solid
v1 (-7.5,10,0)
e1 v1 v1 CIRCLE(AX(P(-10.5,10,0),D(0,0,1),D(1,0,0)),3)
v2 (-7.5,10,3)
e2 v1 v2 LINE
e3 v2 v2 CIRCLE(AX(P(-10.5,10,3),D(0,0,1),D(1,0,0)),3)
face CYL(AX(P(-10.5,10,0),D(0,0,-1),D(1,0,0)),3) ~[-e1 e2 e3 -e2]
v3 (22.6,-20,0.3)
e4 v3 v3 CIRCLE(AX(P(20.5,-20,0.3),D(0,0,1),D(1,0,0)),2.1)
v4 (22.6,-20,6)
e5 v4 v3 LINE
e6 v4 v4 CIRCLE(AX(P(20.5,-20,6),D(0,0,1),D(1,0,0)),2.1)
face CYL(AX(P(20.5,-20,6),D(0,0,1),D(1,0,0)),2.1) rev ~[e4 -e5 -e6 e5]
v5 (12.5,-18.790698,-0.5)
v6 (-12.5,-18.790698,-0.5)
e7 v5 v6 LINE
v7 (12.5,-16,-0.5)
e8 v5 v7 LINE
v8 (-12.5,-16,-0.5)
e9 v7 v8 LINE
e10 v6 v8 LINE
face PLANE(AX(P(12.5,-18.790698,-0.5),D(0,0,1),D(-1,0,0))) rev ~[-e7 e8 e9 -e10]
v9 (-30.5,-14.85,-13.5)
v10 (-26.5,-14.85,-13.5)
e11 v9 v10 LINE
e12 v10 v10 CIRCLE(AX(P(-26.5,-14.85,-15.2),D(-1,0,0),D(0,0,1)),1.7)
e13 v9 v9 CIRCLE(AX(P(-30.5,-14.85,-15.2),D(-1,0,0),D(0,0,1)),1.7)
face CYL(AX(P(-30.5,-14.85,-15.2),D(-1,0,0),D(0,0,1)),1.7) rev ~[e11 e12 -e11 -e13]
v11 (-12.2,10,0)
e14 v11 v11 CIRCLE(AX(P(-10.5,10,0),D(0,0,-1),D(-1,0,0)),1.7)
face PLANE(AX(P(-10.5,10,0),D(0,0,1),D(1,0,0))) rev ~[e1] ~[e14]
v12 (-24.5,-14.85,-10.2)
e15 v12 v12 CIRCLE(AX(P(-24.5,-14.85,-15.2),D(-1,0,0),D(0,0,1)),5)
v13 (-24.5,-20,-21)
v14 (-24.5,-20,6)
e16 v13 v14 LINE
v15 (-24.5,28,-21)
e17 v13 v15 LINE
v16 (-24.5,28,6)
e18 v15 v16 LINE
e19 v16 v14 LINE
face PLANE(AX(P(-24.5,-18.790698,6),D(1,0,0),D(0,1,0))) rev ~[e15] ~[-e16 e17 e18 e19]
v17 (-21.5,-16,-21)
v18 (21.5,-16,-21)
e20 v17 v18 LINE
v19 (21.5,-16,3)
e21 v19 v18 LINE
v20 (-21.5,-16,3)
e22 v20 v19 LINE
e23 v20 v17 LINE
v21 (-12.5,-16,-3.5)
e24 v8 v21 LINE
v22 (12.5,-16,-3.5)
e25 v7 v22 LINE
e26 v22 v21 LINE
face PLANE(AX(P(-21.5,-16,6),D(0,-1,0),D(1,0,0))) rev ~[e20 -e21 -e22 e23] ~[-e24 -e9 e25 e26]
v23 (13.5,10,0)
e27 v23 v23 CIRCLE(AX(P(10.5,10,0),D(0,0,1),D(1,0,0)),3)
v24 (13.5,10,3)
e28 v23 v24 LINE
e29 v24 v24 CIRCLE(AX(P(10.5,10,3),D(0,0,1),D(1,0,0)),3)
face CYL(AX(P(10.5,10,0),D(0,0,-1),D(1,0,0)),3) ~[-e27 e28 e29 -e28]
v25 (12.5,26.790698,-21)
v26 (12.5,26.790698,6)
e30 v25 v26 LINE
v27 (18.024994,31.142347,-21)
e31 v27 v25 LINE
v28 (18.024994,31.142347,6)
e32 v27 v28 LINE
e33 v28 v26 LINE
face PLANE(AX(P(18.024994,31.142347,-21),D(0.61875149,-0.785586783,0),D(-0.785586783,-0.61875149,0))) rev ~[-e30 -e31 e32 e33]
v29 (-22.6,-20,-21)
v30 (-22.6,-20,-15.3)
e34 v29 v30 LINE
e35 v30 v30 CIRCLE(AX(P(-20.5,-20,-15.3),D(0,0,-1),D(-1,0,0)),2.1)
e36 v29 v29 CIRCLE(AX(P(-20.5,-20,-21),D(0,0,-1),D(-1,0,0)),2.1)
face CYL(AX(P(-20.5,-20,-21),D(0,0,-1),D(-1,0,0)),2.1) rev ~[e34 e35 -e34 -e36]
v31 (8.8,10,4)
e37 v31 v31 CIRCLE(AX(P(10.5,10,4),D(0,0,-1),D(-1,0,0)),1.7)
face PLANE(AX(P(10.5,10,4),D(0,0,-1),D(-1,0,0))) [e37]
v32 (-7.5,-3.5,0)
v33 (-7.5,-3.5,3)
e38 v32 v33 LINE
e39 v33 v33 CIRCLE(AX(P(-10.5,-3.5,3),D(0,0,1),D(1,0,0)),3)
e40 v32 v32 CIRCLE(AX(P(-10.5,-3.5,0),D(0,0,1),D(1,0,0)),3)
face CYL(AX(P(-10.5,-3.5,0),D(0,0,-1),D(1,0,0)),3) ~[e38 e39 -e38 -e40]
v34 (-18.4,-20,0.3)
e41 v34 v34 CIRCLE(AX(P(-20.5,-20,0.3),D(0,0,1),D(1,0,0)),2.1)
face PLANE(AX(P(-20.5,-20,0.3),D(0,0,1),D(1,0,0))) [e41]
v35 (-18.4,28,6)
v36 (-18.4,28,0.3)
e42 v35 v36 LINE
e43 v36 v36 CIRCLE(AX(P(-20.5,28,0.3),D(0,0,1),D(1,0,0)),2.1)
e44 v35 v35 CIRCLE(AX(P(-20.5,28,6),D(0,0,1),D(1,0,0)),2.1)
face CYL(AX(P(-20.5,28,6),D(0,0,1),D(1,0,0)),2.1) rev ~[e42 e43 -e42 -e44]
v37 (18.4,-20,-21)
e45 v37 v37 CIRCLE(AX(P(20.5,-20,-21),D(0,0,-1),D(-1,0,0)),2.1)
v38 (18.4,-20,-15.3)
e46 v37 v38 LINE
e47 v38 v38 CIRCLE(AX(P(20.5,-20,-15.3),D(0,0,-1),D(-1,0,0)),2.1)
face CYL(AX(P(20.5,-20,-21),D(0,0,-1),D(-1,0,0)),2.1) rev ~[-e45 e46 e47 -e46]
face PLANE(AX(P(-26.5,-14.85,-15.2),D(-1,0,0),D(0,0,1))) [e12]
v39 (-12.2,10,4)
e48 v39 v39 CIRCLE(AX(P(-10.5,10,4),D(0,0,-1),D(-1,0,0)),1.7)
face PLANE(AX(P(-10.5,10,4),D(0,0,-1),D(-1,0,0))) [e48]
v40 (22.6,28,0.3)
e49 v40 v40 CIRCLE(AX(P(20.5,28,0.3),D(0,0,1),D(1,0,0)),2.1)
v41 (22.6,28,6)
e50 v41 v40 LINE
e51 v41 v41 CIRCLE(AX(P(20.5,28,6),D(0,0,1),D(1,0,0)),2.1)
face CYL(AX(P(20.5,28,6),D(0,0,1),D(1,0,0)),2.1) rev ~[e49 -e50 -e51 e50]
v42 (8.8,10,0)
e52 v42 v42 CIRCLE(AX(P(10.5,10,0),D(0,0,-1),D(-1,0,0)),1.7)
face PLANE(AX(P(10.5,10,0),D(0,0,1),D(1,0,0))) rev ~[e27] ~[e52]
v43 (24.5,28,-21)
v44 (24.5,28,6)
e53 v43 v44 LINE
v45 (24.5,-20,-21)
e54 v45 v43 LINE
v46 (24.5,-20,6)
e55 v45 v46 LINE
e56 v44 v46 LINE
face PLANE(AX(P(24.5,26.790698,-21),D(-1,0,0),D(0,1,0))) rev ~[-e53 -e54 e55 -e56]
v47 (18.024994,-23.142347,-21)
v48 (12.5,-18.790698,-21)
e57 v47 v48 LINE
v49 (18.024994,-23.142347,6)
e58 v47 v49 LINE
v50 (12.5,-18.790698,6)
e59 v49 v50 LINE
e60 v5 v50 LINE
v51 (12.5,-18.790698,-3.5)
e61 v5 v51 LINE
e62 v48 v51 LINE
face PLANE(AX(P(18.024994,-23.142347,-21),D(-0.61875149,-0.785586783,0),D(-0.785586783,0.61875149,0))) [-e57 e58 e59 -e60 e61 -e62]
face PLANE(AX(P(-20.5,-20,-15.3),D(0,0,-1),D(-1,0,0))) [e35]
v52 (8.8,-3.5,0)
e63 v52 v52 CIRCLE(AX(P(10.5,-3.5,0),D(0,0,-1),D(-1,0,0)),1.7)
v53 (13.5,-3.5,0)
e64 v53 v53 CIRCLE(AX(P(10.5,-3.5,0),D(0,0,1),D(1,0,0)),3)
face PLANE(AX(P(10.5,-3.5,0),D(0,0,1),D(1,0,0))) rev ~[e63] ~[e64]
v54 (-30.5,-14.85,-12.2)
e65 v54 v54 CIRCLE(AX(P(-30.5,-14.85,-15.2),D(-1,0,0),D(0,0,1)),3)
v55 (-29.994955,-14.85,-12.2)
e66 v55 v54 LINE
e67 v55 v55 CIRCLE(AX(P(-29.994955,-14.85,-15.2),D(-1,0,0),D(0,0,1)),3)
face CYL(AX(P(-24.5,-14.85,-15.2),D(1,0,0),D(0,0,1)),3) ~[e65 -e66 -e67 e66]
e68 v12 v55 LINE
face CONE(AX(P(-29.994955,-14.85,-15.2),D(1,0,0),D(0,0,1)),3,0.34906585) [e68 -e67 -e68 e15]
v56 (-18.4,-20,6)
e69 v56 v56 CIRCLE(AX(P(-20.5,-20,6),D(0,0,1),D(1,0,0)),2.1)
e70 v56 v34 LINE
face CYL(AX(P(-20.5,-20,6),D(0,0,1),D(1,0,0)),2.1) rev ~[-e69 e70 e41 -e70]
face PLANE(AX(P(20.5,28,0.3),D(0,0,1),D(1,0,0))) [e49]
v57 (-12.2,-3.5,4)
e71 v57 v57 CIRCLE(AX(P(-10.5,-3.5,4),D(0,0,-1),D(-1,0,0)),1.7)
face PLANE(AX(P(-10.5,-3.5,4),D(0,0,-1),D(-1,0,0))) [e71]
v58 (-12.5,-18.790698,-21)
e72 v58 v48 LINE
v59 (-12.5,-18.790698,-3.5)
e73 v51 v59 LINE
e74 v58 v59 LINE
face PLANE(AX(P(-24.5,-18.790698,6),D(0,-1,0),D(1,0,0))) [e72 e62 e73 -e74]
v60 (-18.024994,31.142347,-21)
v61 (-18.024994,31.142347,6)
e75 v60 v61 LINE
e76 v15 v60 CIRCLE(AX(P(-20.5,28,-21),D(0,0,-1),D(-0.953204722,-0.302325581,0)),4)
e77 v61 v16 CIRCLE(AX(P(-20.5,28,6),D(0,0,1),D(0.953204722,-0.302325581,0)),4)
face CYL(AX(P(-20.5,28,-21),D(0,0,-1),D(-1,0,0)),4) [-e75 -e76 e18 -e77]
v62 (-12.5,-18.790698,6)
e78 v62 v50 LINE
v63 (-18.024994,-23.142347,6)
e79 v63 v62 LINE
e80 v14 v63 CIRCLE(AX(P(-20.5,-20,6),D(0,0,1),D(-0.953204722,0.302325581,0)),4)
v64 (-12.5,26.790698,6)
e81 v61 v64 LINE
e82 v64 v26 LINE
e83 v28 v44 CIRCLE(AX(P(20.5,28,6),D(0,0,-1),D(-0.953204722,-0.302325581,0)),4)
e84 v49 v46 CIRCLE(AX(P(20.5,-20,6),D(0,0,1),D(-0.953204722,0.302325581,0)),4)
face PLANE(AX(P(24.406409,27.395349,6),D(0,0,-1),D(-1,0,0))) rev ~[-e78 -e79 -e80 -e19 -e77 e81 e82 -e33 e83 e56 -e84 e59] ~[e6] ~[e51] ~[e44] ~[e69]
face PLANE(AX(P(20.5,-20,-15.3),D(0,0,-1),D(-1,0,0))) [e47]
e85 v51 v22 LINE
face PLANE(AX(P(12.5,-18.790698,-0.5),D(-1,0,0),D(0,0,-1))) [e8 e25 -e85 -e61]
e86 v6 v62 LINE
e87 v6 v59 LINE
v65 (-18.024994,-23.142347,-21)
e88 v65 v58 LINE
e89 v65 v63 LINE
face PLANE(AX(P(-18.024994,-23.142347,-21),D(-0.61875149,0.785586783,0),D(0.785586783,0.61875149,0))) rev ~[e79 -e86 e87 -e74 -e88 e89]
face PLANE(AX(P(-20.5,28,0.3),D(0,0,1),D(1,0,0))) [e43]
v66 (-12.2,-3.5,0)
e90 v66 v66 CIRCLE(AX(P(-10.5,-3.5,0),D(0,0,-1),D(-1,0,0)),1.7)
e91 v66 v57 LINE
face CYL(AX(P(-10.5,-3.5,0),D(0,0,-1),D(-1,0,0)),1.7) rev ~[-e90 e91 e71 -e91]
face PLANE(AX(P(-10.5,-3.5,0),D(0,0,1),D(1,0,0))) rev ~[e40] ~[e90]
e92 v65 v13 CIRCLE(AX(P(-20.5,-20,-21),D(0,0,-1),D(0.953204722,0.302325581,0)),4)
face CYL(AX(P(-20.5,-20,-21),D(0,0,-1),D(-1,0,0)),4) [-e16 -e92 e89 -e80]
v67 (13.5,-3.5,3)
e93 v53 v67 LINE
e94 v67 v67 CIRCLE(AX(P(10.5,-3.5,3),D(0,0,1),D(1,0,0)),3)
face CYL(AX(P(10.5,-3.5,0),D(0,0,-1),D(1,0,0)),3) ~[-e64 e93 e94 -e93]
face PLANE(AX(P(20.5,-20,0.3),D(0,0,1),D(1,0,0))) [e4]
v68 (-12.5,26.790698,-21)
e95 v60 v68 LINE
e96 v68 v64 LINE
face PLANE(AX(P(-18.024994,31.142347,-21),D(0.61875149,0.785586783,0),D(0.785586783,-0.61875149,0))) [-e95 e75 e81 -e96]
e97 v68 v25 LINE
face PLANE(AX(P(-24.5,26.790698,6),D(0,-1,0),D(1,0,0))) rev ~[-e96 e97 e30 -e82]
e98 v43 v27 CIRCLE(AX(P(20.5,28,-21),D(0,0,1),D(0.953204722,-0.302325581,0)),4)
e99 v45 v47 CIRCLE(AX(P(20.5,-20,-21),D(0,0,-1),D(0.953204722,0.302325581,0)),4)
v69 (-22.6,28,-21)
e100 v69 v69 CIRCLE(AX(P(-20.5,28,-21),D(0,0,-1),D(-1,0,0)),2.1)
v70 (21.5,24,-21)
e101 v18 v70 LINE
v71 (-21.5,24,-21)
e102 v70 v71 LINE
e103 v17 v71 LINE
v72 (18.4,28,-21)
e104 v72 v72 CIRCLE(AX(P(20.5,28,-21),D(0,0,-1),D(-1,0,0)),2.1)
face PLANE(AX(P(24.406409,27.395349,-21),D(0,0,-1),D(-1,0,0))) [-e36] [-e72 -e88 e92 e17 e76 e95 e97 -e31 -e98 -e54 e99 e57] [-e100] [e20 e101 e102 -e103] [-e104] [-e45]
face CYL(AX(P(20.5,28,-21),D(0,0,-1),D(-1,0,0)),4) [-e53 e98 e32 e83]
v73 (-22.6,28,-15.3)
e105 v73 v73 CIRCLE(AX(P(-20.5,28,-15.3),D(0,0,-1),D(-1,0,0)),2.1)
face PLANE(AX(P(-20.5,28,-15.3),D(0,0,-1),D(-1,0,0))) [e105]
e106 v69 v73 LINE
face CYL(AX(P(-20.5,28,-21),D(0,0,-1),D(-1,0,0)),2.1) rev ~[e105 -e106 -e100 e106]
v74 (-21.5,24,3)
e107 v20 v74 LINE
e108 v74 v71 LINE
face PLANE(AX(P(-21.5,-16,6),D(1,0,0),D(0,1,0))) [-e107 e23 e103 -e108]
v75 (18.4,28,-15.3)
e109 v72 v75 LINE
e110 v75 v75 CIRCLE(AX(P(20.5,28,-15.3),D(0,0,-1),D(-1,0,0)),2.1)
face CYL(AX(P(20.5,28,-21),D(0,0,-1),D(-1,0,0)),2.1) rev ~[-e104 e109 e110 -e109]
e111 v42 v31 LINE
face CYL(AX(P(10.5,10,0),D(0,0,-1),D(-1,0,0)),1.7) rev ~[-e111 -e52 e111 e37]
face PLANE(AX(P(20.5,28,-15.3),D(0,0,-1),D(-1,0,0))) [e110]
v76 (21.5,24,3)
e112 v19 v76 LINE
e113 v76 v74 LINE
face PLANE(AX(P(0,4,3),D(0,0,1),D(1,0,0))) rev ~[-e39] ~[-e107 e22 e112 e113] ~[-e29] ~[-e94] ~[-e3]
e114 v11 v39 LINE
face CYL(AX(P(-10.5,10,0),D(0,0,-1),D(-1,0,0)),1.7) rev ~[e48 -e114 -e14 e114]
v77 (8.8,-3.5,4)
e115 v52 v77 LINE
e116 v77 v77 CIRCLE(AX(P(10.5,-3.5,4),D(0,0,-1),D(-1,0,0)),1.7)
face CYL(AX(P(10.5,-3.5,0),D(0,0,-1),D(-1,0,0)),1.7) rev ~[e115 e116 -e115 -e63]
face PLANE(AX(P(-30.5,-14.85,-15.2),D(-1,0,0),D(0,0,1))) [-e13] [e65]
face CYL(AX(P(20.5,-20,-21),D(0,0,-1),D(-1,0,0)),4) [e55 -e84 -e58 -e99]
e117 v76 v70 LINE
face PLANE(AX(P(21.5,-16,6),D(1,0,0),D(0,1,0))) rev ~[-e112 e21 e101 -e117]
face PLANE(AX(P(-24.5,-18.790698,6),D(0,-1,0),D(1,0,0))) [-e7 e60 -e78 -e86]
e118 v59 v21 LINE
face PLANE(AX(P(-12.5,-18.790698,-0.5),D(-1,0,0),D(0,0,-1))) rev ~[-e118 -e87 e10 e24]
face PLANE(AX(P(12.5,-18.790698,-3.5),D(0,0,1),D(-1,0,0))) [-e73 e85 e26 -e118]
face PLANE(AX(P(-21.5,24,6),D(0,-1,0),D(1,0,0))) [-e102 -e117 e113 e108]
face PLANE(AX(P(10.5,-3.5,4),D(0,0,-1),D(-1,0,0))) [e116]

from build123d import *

# Parameters (mm, degrees)
SKIZZE1_R                        = 3
AUFSATZ_KAMERA_HALTERUNG_DEPTH   = 3
AUFSATZ_KAMERA_HALTERUNG_2_DEPTH = 3
AUFSATZ_KAMERA_HALTERUNG_3_DEPTH = 3
AUFSATZ_KAMERA_HALTERUNG_4_DEPTH = 3
SKIZZE2_W                        = 43
SKIZZE2_H                        = 40
DECKEL_DEPTH                     = 3
SKIZZE3_R                        = 1.7
L_CHER_KAMERA_HALTERUNG_DEPTH    = 4
SKIZZE4_W                        = 49
SKIZZE4_H                        = 45.581395348
SKIZZE4_W_2                      = 43
SKIZZE4_H_2                      = 40
AUFSATZ_LINEAR_AUSTRAGEN1_DEPTH  = 27
SKIZZE6_W                        = 25
SKIZZE6_H                        = 3
SCHNITT_LINEAR_AUSTRAGEN1_DEPTH  = 2.790698
SKIZZE7_R                        = 4
AUFSATZ_LINEAR_AUSTRAGEN2_DEPTH  = 27
SKIZZE8_R                        = 2.1
SCHNITT_LINEAR_AUSTRAGEN2_DEPTH  = 5.7
SKIZZE9_W                        = 0.18718111
SKIZZE9_H                        = 1.209302326
AUFSATZ_LINEAR_AUSTRAGEN3_DEPTH  = 27
SKIZZE10_R                       = 2.1
SCHNITT_LINEAR_AUSTRAGEN3_DEPTH  = 5.7
SKIZZE11_R                       = 3
AUFSATZ_LINEAR_AUSTRAGEN4_DEPTH  = 6
SKIZZE12_R                       = 1.7
SCHNITT_LINEAR_AUSTRAGEN4_DEPTH  = 4
FASE1_SIZE                       = 2
FASE1_SIZE2                      = 5.494954839


with BuildPart() as part:
    # Skizze1 → Aufsatz Kamera Halterung (new body)
    with BuildSketch(Plane.XY):
        with Locations((10.5, -3.5)):
            Circle(SKIZZE1_R)
    extrude(amount=AUFSATZ_KAMERA_HALTERUNG_DEPTH)



with BuildPart() as body_2:
    # Skizze1 → Aufsatz Kamera Halterung 2 (new body)
    with BuildSketch(Plane.XY):
        with Locations((10.5, 10)):
            Circle(SKIZZE1_R)
    extrude(amount=AUFSATZ_KAMERA_HALTERUNG_2_DEPTH)


with BuildPart() as body_3:
    # Skizze1 → Aufsatz Kamera Halterung 3 (new body)
    with BuildSketch(Plane.XY):
        with Locations((-10.5, 10)):
            Circle(SKIZZE1_R)
    extrude(amount=AUFSATZ_KAMERA_HALTERUNG_3_DEPTH)


with BuildPart() as body_4:
    # Skizze1 → Aufsatz Kamera Halterung 4 (new body)
    with BuildSketch(Plane.XY):
        with Locations((-10.5, -3.5)):
            Circle(SKIZZE1_R)
    extrude(amount=AUFSATZ_KAMERA_HALTERUNG_4_DEPTH)


with BuildPart() as part_1:
    add(part.part)

    add(body_2.part)  # Deckel merges body 2

    add(body_3.part)  # Deckel merges body 3

    add(body_4.part)  # Deckel merges body 4
    # Skizze2 → Deckel (add)
    with BuildSketch(Plane.XY.offset(3)):
        with Locations((0, 4)):
            Rectangle(SKIZZE2_W, SKIZZE2_H)
    extrude(amount=DECKEL_DEPTH)

    # Skizze3 → Löcher Kamera Halterung (cut)
    with BuildSketch(Plane(origin=(0, 0, 0), x_dir=(-1, 0, 0), z_dir=(0, 0, -1))):
        with Locations((10.5, 10)):
            Circle(SKIZZE3_R)
        with Locations((10.5, -3.5)):
            Circle(SKIZZE3_R)
        with Locations((-10.5, -3.5)):
            Circle(SKIZZE3_R)
        with Locations((-10.5, 10)):
            Circle(SKIZZE3_R)
    extrude(amount=-L_CHER_KAMERA_HALTERUNG_DEPTH, mode=Mode.SUBTRACT)

    # Skizze4 → Aufsatz-Linear austragen1 (add)
    with BuildSketch(Plane.XY.offset(6)):
        with Locations((0, 4)):
            Rectangle(SKIZZE4_W, SKIZZE4_H)
        with Locations((0, 4)):
            Rectangle(SKIZZE4_W_2, SKIZZE4_H_2, mode=Mode.SUBTRACT)
    extrude(amount=-AUFSATZ_LINEAR_AUSTRAGEN1_DEPTH)

    # Skizze6 → Schnitt-Linear austragen1 (cut)
    with BuildSketch(Plane(origin=(0, -18.790697674, 0), x_dir=(-1, 0, 0), z_dir=(0, -1, 0))):
        with Locations((0, 2)):
            Rectangle(SKIZZE6_W, SKIZZE6_H)
    extrude(amount=-SCHNITT_LINEAR_AUSTRAGEN1_DEPTH, mode=Mode.SUBTRACT)

    # Skizze7 → Aufsatz-Linear austragen2 (add, through all)
    with BuildSketch(Plane(origin=(0, 0, -21), x_dir=(-1, 0, 0), z_dir=(0, 0, -1))):
        with Locations((-20.5, 28)):
            Circle(SKIZZE7_R)
        with Locations((20.5, 28)):
            Circle(SKIZZE7_R)
        with Locations((20.5, -20)):
            Circle(SKIZZE7_R)
        with Locations((-20.5, -20)):
            Circle(SKIZZE7_R)
    extrude(amount=-AUFSATZ_LINEAR_AUSTRAGEN2_DEPTH)

    # Skizze8 → Schnitt-Linear austragen2 (cut)
    with BuildSketch(Plane(origin=(0, 0, -21), x_dir=(-1, 0, 0), z_dir=(0, 0, -1))):
        with Locations((-20.5, 28)):
            Circle(SKIZZE8_R)
        with Locations((20.5, 28)):
            Circle(SKIZZE8_R)
        with Locations((20.5, -20)):
            Circle(SKIZZE8_R)
        with Locations((-20.5, -20)):
            Circle(SKIZZE8_R)
    extrude(amount=-SCHNITT_LINEAR_AUSTRAGEN2_DEPTH, mode=Mode.SUBTRACT)

    # Skizze9 → Aufsatz-Linear austragen3 (add, through all)
    with BuildSketch(Plane(origin=(0, 0, -21), x_dir=(-1, 0, 0), z_dir=(0, 0, -1))):
        with Locations((-24.406409445, 27.395348837)):
            Rectangle(SKIZZE9_W, SKIZZE9_H)
        with Locations((24.406409445, 27.395348837)):
            Rectangle(SKIZZE9_W, SKIZZE9_H)
        with Locations((24.406409445, -19.395348837)):
            Rectangle(SKIZZE9_W, SKIZZE9_H)
        with Locations((-24.406409445, -19.395348837)):
            Rectangle(SKIZZE9_W, SKIZZE9_H)
        with BuildLine():
            Line((-18.024994038, 31.142347131), (-12.5, 26.790697674))
            Line((-12.5, 26.790697674), (-16.68718111, 26.790697674))
            ThreePointArc((-16.68718111, 26.790697674), (-16.676598558, 29.175415421), (-18.024994038, 31.142347131))
        make_face()
        with BuildLine():
            Line((12.5, 26.790697674), (16.68718111, 26.790697674))
            ThreePointArc((16.68718111, 26.790697674), (16.676598558, 29.175415421), (18.024994038, 31.142347131))
            Line((18.024994038, 31.142347131), (12.5, 26.790697674))
        make_face()
        with BuildLine():
            Line((18.024994038, -23.142347131), (12.5, -18.790697674))
            Line((12.5, -18.790697674), (16.68718111, -18.790697674))
            ThreePointArc((16.68718111, -18.790697674), (16.676598558, -21.175415421), (18.024994038, -23.142347131))
        make_face()
        with BuildLine():
            Line((-12.5, -18.790697674), (-16.68718111, -18.790697674))
            ThreePointArc((-16.68718111, -18.790697674), (-16.676598558, -21.175415421), (-18.024994038, -23.142347131))
            Line((-18.024994038, -23.142347131), (-12.5, -18.790697674))
        make_face()
    extrude(amount=-AUFSATZ_LINEAR_AUSTRAGEN3_DEPTH)

    # Skizze10 → Schnitt-Linear austragen3 (cut)
    with BuildSketch(Plane.XY.offset(6)):
        with Locations((-20.5, 28)):
            Circle(SKIZZE10_R)
        with Locations((20.5, 28)):
            Circle(SKIZZE10_R)
        with Locations((20.5, -20)):
            Circle(SKIZZE10_R)
        with Locations((-20.5, -20)):
            Circle(SKIZZE10_R)
    extrude(amount=-SCHNITT_LINEAR_AUSTRAGEN3_DEPTH, mode=Mode.SUBTRACT)

    # Skizze11 → Aufsatz-Linear austragen4 (add)
    with BuildSketch(Plane.ZY.offset(24.5)):
        with Locations((-15.2, -14.85)):
            Circle(SKIZZE11_R)
    extrude(amount=AUFSATZ_LINEAR_AUSTRAGEN4_DEPTH)

    # Skizze12 → Schnitt-Linear austragen4 (cut)
    with BuildSketch(Plane.ZY.offset(30.5)):
        with Locations((-15.2, -14.85)):
            Circle(SKIZZE12_R)
    extrude(amount=-SCHNITT_LINEAR_AUSTRAGEN4_DEPTH, mode=Mode.SUBTRACT)

    # Fase1
    fase1_edges = [part_1.edges().sort_by_distance(p)[0] for p in [
        (-24.5, -14.85, -18.2),
    ]]
    fase1_side = [part_1.faces().sort_by_distance(p)[0] for p in [
        (-24.5, 4.443247545, -7.318938669),
    ]]
    chamfer(fase1_edges, length=FASE1_SIZE, length2=FASE1_SIZE2, reference=fase1_side[0])


solid = part_1.part
